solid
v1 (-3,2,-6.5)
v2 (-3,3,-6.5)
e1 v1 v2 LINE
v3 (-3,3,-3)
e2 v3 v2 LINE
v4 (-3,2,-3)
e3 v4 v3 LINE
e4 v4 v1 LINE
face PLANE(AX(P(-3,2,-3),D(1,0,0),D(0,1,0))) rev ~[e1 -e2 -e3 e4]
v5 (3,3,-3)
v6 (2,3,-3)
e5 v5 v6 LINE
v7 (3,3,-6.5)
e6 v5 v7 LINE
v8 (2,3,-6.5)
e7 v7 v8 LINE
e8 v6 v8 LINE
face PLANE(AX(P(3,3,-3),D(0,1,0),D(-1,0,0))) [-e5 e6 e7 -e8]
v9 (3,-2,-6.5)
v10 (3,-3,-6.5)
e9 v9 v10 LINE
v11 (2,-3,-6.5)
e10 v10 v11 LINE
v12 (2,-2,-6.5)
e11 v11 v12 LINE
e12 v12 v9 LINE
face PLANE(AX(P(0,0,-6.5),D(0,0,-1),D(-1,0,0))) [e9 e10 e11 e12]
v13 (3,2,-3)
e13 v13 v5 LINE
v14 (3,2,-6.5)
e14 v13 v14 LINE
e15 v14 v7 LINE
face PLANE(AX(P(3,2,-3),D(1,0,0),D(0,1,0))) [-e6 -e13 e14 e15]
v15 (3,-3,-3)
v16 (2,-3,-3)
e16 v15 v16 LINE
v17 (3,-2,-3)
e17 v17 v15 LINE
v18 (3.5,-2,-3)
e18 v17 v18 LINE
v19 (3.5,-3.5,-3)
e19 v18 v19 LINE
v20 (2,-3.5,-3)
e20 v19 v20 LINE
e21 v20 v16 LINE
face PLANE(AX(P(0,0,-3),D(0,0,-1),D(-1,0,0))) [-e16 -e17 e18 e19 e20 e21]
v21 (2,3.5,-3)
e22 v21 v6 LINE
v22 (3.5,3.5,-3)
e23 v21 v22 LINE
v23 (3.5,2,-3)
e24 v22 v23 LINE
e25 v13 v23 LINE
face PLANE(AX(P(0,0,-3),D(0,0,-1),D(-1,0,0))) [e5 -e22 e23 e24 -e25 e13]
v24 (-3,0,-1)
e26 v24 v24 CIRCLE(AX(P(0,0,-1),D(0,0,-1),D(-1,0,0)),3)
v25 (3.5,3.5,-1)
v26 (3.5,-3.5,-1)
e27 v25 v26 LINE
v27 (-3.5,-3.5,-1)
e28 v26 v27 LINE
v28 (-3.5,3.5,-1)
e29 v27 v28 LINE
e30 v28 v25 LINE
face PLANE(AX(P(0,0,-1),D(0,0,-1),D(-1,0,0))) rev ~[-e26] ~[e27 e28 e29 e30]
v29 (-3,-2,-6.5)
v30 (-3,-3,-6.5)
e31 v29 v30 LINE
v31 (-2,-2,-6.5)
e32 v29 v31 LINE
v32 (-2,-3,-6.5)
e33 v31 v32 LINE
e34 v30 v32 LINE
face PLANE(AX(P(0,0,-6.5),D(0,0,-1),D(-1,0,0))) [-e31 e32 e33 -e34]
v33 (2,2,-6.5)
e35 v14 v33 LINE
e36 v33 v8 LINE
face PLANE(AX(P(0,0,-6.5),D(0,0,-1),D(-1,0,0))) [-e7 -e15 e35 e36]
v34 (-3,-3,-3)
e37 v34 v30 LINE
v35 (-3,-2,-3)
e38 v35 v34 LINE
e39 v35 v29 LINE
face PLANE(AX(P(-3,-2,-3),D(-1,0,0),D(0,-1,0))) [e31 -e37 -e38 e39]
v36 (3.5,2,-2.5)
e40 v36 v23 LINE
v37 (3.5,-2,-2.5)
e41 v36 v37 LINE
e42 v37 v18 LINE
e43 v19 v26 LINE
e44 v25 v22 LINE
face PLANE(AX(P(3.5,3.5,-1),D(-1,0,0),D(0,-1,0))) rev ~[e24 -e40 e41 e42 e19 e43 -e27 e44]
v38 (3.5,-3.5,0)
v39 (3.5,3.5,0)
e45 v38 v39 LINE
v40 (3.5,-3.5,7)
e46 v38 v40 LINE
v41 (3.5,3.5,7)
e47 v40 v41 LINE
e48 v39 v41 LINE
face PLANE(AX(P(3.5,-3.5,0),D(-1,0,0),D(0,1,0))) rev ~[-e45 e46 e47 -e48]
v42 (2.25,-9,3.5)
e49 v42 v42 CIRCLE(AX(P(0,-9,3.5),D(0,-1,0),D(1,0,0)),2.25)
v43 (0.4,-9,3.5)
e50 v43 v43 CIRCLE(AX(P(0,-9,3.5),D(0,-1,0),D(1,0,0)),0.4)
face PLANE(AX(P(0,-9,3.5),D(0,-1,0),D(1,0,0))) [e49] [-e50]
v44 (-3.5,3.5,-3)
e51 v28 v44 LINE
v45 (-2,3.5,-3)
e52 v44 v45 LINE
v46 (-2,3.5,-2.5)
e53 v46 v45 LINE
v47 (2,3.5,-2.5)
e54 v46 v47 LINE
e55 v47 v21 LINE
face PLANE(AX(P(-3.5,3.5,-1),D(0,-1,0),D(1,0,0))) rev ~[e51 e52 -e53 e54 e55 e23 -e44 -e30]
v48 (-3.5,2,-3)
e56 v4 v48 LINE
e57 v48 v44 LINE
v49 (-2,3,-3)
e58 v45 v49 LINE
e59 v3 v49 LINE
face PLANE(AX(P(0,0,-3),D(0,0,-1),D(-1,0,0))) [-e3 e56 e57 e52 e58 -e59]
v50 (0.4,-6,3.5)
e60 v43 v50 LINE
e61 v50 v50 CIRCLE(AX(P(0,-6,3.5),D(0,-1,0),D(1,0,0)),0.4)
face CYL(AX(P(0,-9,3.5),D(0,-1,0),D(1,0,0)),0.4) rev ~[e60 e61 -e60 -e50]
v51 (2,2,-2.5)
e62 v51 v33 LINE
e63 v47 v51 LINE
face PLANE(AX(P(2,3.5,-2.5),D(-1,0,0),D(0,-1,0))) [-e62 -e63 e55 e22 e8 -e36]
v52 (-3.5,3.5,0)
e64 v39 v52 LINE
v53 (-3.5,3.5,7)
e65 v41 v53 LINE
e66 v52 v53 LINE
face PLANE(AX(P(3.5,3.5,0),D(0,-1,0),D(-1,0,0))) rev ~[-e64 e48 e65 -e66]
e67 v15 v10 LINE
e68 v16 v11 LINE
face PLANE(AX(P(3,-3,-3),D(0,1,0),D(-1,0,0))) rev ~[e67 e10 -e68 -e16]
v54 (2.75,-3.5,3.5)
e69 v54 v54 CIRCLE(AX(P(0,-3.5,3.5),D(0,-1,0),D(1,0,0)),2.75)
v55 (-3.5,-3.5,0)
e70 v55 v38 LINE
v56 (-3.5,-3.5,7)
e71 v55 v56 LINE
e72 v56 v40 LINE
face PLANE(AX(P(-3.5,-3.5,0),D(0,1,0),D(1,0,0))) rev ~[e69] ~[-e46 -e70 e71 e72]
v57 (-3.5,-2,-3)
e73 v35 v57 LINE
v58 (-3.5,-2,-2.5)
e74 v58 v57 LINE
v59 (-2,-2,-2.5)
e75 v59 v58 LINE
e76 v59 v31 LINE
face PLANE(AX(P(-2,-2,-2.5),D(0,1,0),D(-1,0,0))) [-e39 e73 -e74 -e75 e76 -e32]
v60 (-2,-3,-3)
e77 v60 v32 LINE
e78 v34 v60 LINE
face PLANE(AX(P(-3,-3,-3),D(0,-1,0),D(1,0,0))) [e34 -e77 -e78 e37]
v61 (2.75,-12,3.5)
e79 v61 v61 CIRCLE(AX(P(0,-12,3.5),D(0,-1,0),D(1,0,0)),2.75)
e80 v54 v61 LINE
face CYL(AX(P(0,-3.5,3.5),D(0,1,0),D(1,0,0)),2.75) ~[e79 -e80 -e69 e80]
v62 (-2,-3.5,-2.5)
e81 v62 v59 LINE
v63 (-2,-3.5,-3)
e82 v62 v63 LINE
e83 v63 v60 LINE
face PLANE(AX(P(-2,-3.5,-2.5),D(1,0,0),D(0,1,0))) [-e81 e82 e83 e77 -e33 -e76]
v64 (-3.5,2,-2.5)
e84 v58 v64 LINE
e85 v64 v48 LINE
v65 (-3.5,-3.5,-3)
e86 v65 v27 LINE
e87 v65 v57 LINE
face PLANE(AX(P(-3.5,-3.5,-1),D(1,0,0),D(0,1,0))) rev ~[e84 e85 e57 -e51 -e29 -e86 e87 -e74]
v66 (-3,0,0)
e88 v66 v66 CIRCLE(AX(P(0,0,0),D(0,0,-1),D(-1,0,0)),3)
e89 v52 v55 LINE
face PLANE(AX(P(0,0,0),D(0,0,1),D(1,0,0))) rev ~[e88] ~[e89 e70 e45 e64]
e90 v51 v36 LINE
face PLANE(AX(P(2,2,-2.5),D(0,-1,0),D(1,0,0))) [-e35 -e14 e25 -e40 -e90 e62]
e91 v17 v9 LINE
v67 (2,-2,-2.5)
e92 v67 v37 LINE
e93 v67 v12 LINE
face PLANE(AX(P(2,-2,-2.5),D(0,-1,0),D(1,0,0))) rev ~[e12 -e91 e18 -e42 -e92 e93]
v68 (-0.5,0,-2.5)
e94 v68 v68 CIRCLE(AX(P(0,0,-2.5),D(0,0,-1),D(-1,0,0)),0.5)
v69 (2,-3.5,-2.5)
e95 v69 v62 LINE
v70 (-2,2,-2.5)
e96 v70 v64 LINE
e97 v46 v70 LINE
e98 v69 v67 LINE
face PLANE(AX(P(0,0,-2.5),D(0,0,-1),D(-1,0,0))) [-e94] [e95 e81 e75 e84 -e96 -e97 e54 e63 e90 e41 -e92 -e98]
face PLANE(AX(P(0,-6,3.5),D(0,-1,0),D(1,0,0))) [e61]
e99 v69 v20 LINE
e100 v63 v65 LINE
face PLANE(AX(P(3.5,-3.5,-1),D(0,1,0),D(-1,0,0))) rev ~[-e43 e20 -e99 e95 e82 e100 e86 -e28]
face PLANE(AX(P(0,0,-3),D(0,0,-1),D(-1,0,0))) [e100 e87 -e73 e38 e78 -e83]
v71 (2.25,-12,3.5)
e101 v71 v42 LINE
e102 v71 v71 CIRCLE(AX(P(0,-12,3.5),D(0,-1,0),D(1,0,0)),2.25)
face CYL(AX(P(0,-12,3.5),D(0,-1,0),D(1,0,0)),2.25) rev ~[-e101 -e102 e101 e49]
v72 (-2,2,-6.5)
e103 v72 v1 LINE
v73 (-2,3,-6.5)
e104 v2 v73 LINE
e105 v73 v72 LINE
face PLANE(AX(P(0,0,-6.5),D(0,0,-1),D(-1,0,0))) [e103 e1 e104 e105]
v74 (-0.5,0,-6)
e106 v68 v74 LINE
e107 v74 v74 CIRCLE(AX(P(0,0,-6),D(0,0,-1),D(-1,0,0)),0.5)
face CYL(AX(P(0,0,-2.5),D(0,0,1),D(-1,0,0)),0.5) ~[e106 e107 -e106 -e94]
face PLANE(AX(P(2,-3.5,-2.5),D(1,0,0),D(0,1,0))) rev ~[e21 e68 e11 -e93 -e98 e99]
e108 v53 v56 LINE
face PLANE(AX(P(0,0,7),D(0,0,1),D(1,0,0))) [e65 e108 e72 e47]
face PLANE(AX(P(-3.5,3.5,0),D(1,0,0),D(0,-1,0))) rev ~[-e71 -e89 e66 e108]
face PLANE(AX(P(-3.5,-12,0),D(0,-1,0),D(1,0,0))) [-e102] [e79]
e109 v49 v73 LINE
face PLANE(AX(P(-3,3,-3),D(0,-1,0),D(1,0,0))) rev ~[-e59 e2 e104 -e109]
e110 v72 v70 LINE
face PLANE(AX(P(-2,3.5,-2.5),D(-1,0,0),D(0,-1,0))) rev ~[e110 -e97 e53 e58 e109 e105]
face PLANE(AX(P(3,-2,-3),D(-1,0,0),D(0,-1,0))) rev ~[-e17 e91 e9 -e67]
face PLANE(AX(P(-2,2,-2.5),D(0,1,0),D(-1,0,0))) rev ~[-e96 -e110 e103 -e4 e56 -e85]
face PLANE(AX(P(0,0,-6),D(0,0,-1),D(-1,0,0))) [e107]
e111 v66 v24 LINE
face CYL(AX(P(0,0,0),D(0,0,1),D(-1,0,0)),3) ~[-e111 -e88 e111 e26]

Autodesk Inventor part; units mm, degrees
ref_plane "YZ Plane" through (0, 0, 0) normal (1, 0, 0) x (0, 1, 0)
ref_plane "XZ Plane" through (0, 0, 0) normal (0, 1, 0) x (-1, 0, 0)
ref_plane "XY Plane" through (0, 0, 0) normal (0, 0, 1) x (1, 0, 0)
sketch "Skizze1" plane through (0, 0, 0) normal (0, 0, 1) x (1, 0, 0)
  line L0 (-3.5, -3.5) -> (3.5, -3.5)
  line L1 (3.5, -3.5) -> (3.5, 3.5)
  line L2 (3.5, 3.5) -> (-3.5, 3.5)
  line L3 (-3.5, 3.5) -> (-3.5, -3.5)
  line L4 (-3.5, -3.5) -> (3.5, 3.5) construction
  line L5 (3.5, -3.5) -> (-3.5, 3.5) construction
  point P0 (0, 0)
  dimension "d0" = 7
  dimension "d1" = 7
extrude "Extrusion1" add sketch "Skizze1" along normal blind 7
sketch "Skizze2" plane through (0, 0, 0) normal (0, 0, -1) x (-1, 0, 0)
  circle A0 centre (0, 0) radius 3
  dimension "d4" = 6
extrude "Extrusion2" add sketch "Skizze2" along normal blind 1
sketch "Skizze3" plane through (0, 0, -1) normal (0, 0, -1) x (-1, 0, 0)
  line L0 (3.5, 3.5) -> (-3.5, 3.5)
  line L1 (-3.5, 3.5) -> (-3.5, -3.5)
  line L2 (-3.5, -3.5) -> (3.5, -3.5)
  line L3 (3.5, -3.5) -> (3.5, 3.5)
  line L4 (3.5, 3.5) -> (-3.5, -3.5) construction
  line L5 (-3.5, 3.5) -> (3.5, -3.5) construction
  point P0 (0, 0)
  dimension "d7" = 7
  dimension "d8" = 7
extrude "Extrusion3" add sketch "Skizze3" along normal blind 1.5
sketch "Skizze4" plane through (0, 0, -2.5) normal (0, 0, -1) x (-1, 0, 0)
  line L0 (3.5, 3.5) -> (-3.5, 3.5) projected
  line L1 (-3.5, 3.5) -> (-3.5, -3.5) projected
  line L2 (-3.5, -3.5) -> (3.5, -3.5) projected
  line L3 (3.5, -3.5) -> (3.5, 3.5) projected
  line L4 (-3.5, 3.5) -> (3.5, 3.5) projected
  line L5 (3.5, 3.5) -> (2, 3.5)
  line L6 (2, 3.5) -> (2, 2)
  line L7 (2, 2) -> (3.5, 2)
  line L8 (3.5, 2) -> (3.5, 3.5)
  line L9 (3.5, -3.5) -> (-3.5, -3.5) projected
  line L10 (3.5, -3.5) -> (2, -3.5)
  line L11 (2, -3.5) -> (2, -2)
  line L12 (2, -2) -> (3.5, -2)
  line L13 (3.5, -2) -> (3.5, -3.5)
  line L14 (-3.5, 3.5) -> (-2, 3.5)
  line L15 (-2, 3.5) -> (-2, 2)
  line L16 (-2, 2) -> (-3.5, 2)
  line L17 (-3.5, 2) -> (-3.5, 3.5)
  line L18 (-3.5, -3.5) -> (-3.5, 3.5) projected
  line L19 (-3.5, -3.5) -> (-2, -3.5)
  line L20 (-2, -3.5) -> (-2, -2)
  line L21 (-2, -2) -> (-3.5, -2)
  line L22 (-3.5, -2) -> (-3.5, -3.5)
  point P0 (0, 0)
  dimension "d11" = 1.5
  dimension "d12" = 1.5
  dimension "d13" = 1.5
  dimension "d14" = 1.5
  dimension "d15" = 1.5
  dimension "d16" = 1.5
  dimension "d17" = 1.5
  dimension "d18" = 1.5
extrude "Extrusion4" add sketch "Skizze4" along normal blind 0.5 contours L3 L7 L6 L0 | L15 L16 L1 L0 | L3 L2 L11 L12 | L21 L20 L2 L1
sketch "Skizze5" plane through (0, 0, -3) normal (0, 0, -1) x (-1, 0, 0)
  line L0 (3.5, -3.5) -> (3.5, -2) projected
  line L1 (3.5, -2) -> (2, -2) projected
  line L2 (2, -2) -> (2, -3.5) projected
  line L3 (2, -3.5) -> (3.5, -3.5) projected
  line L4 (-3.5, -3.5) -> (-2, -3.5) projected
  line L5 (-2, -3.5) -> (-2, -2) projected
  line L6 (-2, -2) -> (-3.5, -2) projected
  line L7 (-3.5, -2) -> (-3.5, -3.5) projected
  line L8 (-3.5, 3.5) -> (-3.5, 2) projected
  line L9 (-3.5, 2) -> (-2, 2) projected
  line L10 (-2, 2) -> (-2, 3.5) projected
  line L11 (-2, 3.5) -> (-3.5, 3.5) projected
  line L12 (3.5, 3.5) -> (2, 3.5) projected
  line L13 (2, 3.5) -> (2, 2) projected
  line L14 (2, 2) -> (3.5, 2) projected
  line L15 (3.5, 2) -> (3.5, 3.5) projected
  line L16 (2, -2) -> (3, -2)
  line L17 (3, -2) -> (3, -3)
  line L18 (3, -3) -> (2, -3)
  line L19 (2, -3) -> (2, -2)
  line L20 (-2, -2) -> (-3, -2)
  line L21 (-3, -2) -> (-3, -3)
  line L22 (-3, -3) -> (-2, -3)
  line L23 (-2, -3) -> (-2, -2)
  line L24 (-2, 2) -> (-3, 2)
  line L25 (-3, 2) -> (-3, 3)
  line L26 (-3, 3) -> (-2, 3)
  line L27 (-2, 3) -> (-2, 2)
  line L28 (2, 2) -> (3, 2)
  line L29 (3, 2) -> (3, 3)
  line L30 (3, 3) -> (2, 3)
  line L31 (2, 3) -> (2, 2)
  point P0 (0, 0)
  dimension "d21" = 1
  dimension "d22" = 1
  dimension "d23" = 1
  dimension "d24" = 1
  dimension "d25" = 1
  dimension "d26" = 1
  dimension "d27" = 1
  dimension "d28" = 1
extrude "Extrusion5" add sketch "Skizze5" along normal blind 3.5 contours L17 L18 L2 L1 | L22 L21 L6 L5 | L25 L26 L10 L9 | L30 L29 L14 L13
sketch "Skizze6" plane through (0, 0, -2.5) normal (0, 0, -1) x (-1, 0, 0)
  circle A0 centre (0, 0) radius 0.5
  dimension "d31" = 1
extrude "Extrusion6" add sketch "Skizze6" along normal blind 3.5
sketch "Skizze7" plane through (-3.5, -3.5, 0) normal (0, -1, 0) x (1, 0, 0)
  line L0 (0, 0) -> (7, 0) projected
  line L1 (7, 0) -> (7, 7) projected
  line L2 (0, 7) -> (7, 7) projected
  line L3 (0, 0) -> (0, 7) projected
  line L4 (0, 0) -> (0, 7) construction
  line L5 (0, 3.5) -> (7, 3.5) construction
  line L6 (3.5, 7) -> (3.5, 0) construction
  circle A0 centre (3.5, 3.5) radius 2.75
  dimension "d34" = 5.5
extrude "Extrusion7" add sketch "Skizze7" along normal blind 8.5 contours A0
thread "Gewinde1" size "1/4-36 UNS" class "2A" standard "ANSI Unified Screw Threads" length 5 offset 1
sketch "Skizze8" plane through (0, -12, 3.5) normal (0, -1, 0) x (1, 0, 0)
  circle A0 centre (0, 0) radius 2.75 projected
  circle A1 centre (0, 0) radius 2.25
  point P0 (0, -3.5)
  dimension "d39" = 4.5
extrude "Extrusion8" cut sketch "Skizze8" against normal blind 3 contours A1
sketch "Skizze9" plane through (0, -9, 3.5) normal (0, -1, 0) x (1, 0, 0)
  circle A0 centre (0, 0) radius 2.25 projected
  circle A1 centre (0, 0) radius 0.4
  point P0 (0, -3.5)
  dimension "d42" = 0.8
extrude "Extrusion9" cut sketch "Skizze9" against normal blind 3 contours A1
properties part number "SMA-F-RA" material "Messing, weicher Gelbton"
